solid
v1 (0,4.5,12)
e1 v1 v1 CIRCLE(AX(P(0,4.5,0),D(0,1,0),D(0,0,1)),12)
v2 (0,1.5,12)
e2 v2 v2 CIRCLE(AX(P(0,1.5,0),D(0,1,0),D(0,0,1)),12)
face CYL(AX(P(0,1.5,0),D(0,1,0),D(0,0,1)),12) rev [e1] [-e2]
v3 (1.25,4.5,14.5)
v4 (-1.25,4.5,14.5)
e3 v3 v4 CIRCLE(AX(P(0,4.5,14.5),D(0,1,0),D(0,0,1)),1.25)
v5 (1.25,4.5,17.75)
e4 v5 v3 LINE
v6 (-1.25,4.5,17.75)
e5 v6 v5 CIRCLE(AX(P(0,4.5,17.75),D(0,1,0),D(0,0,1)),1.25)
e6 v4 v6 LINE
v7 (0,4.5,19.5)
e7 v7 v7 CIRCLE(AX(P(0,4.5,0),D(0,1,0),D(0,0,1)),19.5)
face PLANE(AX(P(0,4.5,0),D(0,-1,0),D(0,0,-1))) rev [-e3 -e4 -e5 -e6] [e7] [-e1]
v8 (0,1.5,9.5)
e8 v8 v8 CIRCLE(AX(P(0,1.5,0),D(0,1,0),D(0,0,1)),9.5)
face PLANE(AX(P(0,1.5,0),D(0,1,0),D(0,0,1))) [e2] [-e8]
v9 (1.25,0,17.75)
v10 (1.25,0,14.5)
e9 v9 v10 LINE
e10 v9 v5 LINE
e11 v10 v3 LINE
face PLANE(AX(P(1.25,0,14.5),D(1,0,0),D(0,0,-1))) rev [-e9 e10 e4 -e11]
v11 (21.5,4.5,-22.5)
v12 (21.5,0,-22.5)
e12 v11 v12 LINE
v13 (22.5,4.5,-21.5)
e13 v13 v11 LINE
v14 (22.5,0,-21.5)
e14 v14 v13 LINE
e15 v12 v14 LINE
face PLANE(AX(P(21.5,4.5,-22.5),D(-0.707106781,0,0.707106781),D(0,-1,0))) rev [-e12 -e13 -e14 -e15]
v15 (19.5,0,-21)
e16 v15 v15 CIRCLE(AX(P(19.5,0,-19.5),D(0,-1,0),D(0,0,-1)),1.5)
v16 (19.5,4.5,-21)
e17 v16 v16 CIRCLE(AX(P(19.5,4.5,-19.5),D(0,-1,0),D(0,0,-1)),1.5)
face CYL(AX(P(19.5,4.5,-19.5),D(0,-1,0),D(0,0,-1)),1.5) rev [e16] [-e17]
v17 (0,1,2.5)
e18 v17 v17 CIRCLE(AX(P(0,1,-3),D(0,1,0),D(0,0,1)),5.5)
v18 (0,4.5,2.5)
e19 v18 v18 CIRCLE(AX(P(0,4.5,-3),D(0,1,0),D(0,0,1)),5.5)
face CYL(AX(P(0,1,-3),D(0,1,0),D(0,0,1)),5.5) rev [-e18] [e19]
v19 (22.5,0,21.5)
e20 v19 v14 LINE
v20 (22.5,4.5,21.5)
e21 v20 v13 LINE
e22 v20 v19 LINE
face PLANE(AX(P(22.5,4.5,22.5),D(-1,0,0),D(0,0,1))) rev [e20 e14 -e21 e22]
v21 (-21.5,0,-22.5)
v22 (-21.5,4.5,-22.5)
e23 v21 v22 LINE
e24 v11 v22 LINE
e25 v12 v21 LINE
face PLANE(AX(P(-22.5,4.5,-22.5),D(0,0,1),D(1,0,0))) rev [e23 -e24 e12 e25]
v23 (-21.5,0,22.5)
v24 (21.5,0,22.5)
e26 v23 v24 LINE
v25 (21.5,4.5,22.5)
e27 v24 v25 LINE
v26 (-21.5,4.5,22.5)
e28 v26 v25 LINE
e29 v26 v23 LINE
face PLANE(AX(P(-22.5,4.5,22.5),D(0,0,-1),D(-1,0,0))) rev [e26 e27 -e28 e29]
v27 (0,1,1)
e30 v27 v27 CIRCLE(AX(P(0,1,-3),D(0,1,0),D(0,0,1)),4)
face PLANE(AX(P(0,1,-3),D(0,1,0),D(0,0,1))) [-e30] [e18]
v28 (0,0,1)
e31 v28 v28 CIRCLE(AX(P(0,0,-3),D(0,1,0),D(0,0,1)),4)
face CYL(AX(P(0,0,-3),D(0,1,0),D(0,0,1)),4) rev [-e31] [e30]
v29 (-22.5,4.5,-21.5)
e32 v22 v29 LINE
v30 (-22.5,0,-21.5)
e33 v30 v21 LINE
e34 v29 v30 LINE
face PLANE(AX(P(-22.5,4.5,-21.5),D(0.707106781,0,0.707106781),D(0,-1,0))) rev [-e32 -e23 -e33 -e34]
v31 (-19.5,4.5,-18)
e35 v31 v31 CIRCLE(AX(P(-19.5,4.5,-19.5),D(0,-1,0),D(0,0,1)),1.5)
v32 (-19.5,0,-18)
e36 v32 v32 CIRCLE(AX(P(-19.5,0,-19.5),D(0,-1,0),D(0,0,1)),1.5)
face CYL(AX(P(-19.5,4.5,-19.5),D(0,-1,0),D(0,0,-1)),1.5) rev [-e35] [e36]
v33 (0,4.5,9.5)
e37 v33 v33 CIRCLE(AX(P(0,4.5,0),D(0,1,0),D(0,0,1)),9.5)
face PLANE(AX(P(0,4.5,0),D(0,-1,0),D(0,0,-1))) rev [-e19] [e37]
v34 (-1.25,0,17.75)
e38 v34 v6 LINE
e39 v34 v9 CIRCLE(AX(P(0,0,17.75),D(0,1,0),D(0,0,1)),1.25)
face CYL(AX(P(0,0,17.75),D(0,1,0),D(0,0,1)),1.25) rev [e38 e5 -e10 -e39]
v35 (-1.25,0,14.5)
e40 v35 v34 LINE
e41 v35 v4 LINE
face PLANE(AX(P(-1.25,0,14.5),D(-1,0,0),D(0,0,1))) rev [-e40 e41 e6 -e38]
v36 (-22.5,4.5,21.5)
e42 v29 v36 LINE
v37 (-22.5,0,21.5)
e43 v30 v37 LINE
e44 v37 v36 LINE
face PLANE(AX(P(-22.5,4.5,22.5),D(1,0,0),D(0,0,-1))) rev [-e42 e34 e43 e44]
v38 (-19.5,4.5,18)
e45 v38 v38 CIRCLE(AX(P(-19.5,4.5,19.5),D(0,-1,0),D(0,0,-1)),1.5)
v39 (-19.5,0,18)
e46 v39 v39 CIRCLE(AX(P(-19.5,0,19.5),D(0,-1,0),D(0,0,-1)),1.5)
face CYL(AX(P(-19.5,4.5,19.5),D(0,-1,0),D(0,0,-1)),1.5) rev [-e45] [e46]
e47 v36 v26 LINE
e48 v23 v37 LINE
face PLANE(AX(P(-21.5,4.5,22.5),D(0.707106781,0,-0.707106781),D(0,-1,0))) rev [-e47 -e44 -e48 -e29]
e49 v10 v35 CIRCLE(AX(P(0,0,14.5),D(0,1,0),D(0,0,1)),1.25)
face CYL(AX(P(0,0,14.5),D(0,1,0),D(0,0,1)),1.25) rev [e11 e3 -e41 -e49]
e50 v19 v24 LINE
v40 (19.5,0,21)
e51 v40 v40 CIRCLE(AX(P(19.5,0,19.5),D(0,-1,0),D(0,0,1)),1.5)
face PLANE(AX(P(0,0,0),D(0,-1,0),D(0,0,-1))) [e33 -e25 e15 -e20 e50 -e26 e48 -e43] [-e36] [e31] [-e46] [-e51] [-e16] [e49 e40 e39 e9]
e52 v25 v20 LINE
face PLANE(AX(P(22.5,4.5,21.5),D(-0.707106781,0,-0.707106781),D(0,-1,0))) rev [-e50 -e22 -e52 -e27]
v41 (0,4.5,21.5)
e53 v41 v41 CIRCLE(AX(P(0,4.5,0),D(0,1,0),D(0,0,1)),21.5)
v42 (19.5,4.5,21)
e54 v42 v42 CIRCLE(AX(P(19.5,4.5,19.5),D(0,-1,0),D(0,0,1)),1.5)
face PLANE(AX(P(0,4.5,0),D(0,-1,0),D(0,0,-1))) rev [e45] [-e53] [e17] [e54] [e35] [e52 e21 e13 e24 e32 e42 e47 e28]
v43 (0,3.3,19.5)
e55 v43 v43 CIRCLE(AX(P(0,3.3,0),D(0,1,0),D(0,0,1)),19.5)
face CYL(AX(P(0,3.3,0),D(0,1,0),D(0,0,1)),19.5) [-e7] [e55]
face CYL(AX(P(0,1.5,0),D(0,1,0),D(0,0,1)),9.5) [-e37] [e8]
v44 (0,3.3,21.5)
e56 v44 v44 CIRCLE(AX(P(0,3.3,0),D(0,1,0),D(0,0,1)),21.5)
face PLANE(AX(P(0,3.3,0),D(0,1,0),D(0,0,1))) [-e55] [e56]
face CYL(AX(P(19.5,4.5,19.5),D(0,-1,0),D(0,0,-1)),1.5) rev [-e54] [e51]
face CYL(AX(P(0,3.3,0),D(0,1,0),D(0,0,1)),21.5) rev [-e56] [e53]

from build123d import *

# Parameters (mm, degrees)
SKETCH_1_W          = 45
SKETCH_1_H          = 45
EXTRUDE_1_DEPTH     = 4.5
SKETCH_2_R          = 5.5
CUT_EXTRUDE_1_DEPTH = 3.5
SKETCH_3_R          = 4
CUT_EXTRUDE_2_DEPTH = 33.011716605
SKETCH_4_R          = 12
SKETCH_4_R_2        = 9.5
CUT_EXTRUDE_3_DEPTH = 3
SKETCH_5_R          = 21.5
SKETCH_5_R_2        = 19.5
CUT_EXTRUDE_4_DEPTH = 1.2
CUT_EXTRUDE_5_DEPTH = 33.136427928
SKETCH_8_R          = 1.5
CUT_EXTRUDE_6_DEPTH = 33.136427928
CHAMFER_1_SIZE      = 1


with BuildPart() as part:
    # 草图1 → 凸台-拉伸1 (new body)
    with BuildSketch(Plane(origin=(0, 0, 0), x_dir=(1, 0, 0), z_dir=(0, 1, 0))):
        Rectangle(SKETCH_1_W, SKETCH_1_H)
    extrude(amount=EXTRUDE_1_DEPTH)

    # 草图2 → 切除-拉伸1 (cut)
    with BuildSketch(Plane(origin=(0, 4.5, 0), x_dir=(1, 0, 0), z_dir=(0, 1, 0))):
        with Locations(Location((0, 3, 0), (0, 0, 270))):
            Circle(SKETCH_2_R)
    extrude(amount=-CUT_EXTRUDE_1_DEPTH, mode=Mode.SUBTRACT)

    # 草图3 → 切除-拉伸2 (cut, through all)
    with BuildSketch(Plane(origin=(0, 1, 0), x_dir=(1, 0, 0), z_dir=(0, 1, 0))):
        with Locations(Location((0, 3, 0), (0, 0, 270))):
            Circle(SKETCH_3_R)
    extrude(amount=-CUT_EXTRUDE_2_DEPTH, mode=Mode.SUBTRACT)

    # 草图4 → 切除-拉伸3 (cut)
    with BuildSketch(Plane(origin=(0, 4.5, 0), x_dir=(1, 0, 0), z_dir=(0, 1, 0))):
        with Locations(Location((0, 0, 0), (0, 0, 270))):
            Circle(SKETCH_4_R)
        with Locations(Location((0, 0, 0), (0, 0, 270))):
            Circle(SKETCH_4_R_2, mode=Mode.SUBTRACT)
    extrude(amount=-CUT_EXTRUDE_3_DEPTH, mode=Mode.SUBTRACT)

    # 草图5 → 切除-拉伸4 (cut)
    with BuildSketch(Plane(origin=(0, 4.5, 0), x_dir=(1, 0, 0), z_dir=(0, 1, 0))):
        with Locations(Location((0, 0, 0), (0, 0, 270))):
            Circle(SKETCH_5_R)
        with Locations(Location((0, 0, 0), (0, 0, 270))):
            Circle(SKETCH_5_R_2, mode=Mode.SUBTRACT)
    extrude(amount=-CUT_EXTRUDE_4_DEPTH, mode=Mode.SUBTRACT)

    # 草图6 → 切除-拉伸5 (cut, through all)
    with BuildSketch(Plane(origin=(0, 4.5, 0), x_dir=(1, 0, 0), z_dir=(0, 1, 0))):
        with BuildLine():
            Line((1.25, -14.5), (1.25, -17.75))
            ThreePointArc((1.25, -17.75), (0, -19), (-1.25, -17.75))
            Line((-1.25, -17.75), (-1.25, -14.5))
            ThreePointArc((-1.25, -14.5), (0, -13.25), (1.25, -14.5))
        make_face()
    extrude(amount=-CUT_EXTRUDE_5_DEPTH, mode=Mode.SUBTRACT)

    # 草图8 → 切除-拉伸6 (cut, through all)
    with BuildSketch(Plane.XZ):
        with Locations(Location((-19.5, 19.5, 0), (0, 0, 270))):
            Circle(SKETCH_8_R)
        with Locations(Location((19.5, 19.5, 0), (0, 0, 90))):
            Circle(SKETCH_8_R)
        with Locations(Location((19.5, -19.5, 0), (0, 0, 270))):
            Circle(SKETCH_8_R)
        with Locations(Location((-19.5, -19.5, 0), (0, 0, 90))):
            Circle(SKETCH_8_R)
    extrude(amount=-CUT_EXTRUDE_6_DEPTH, mode=Mode.SUBTRACT)

    # 倒角1
    chamfer_1_edges = [part.edges().sort_by_distance(p)[0] for p in [
        (22.5, 2.25, 22.5),
        (-22.5, 2.25, 22.5),
        (-22.5, 2.25, -22.5),
        (22.5, 2.25, -22.5),
    ]]
    chamfer(chamfer_1_edges, length=CHAMFER_1_SIZE)


solid = part.part
